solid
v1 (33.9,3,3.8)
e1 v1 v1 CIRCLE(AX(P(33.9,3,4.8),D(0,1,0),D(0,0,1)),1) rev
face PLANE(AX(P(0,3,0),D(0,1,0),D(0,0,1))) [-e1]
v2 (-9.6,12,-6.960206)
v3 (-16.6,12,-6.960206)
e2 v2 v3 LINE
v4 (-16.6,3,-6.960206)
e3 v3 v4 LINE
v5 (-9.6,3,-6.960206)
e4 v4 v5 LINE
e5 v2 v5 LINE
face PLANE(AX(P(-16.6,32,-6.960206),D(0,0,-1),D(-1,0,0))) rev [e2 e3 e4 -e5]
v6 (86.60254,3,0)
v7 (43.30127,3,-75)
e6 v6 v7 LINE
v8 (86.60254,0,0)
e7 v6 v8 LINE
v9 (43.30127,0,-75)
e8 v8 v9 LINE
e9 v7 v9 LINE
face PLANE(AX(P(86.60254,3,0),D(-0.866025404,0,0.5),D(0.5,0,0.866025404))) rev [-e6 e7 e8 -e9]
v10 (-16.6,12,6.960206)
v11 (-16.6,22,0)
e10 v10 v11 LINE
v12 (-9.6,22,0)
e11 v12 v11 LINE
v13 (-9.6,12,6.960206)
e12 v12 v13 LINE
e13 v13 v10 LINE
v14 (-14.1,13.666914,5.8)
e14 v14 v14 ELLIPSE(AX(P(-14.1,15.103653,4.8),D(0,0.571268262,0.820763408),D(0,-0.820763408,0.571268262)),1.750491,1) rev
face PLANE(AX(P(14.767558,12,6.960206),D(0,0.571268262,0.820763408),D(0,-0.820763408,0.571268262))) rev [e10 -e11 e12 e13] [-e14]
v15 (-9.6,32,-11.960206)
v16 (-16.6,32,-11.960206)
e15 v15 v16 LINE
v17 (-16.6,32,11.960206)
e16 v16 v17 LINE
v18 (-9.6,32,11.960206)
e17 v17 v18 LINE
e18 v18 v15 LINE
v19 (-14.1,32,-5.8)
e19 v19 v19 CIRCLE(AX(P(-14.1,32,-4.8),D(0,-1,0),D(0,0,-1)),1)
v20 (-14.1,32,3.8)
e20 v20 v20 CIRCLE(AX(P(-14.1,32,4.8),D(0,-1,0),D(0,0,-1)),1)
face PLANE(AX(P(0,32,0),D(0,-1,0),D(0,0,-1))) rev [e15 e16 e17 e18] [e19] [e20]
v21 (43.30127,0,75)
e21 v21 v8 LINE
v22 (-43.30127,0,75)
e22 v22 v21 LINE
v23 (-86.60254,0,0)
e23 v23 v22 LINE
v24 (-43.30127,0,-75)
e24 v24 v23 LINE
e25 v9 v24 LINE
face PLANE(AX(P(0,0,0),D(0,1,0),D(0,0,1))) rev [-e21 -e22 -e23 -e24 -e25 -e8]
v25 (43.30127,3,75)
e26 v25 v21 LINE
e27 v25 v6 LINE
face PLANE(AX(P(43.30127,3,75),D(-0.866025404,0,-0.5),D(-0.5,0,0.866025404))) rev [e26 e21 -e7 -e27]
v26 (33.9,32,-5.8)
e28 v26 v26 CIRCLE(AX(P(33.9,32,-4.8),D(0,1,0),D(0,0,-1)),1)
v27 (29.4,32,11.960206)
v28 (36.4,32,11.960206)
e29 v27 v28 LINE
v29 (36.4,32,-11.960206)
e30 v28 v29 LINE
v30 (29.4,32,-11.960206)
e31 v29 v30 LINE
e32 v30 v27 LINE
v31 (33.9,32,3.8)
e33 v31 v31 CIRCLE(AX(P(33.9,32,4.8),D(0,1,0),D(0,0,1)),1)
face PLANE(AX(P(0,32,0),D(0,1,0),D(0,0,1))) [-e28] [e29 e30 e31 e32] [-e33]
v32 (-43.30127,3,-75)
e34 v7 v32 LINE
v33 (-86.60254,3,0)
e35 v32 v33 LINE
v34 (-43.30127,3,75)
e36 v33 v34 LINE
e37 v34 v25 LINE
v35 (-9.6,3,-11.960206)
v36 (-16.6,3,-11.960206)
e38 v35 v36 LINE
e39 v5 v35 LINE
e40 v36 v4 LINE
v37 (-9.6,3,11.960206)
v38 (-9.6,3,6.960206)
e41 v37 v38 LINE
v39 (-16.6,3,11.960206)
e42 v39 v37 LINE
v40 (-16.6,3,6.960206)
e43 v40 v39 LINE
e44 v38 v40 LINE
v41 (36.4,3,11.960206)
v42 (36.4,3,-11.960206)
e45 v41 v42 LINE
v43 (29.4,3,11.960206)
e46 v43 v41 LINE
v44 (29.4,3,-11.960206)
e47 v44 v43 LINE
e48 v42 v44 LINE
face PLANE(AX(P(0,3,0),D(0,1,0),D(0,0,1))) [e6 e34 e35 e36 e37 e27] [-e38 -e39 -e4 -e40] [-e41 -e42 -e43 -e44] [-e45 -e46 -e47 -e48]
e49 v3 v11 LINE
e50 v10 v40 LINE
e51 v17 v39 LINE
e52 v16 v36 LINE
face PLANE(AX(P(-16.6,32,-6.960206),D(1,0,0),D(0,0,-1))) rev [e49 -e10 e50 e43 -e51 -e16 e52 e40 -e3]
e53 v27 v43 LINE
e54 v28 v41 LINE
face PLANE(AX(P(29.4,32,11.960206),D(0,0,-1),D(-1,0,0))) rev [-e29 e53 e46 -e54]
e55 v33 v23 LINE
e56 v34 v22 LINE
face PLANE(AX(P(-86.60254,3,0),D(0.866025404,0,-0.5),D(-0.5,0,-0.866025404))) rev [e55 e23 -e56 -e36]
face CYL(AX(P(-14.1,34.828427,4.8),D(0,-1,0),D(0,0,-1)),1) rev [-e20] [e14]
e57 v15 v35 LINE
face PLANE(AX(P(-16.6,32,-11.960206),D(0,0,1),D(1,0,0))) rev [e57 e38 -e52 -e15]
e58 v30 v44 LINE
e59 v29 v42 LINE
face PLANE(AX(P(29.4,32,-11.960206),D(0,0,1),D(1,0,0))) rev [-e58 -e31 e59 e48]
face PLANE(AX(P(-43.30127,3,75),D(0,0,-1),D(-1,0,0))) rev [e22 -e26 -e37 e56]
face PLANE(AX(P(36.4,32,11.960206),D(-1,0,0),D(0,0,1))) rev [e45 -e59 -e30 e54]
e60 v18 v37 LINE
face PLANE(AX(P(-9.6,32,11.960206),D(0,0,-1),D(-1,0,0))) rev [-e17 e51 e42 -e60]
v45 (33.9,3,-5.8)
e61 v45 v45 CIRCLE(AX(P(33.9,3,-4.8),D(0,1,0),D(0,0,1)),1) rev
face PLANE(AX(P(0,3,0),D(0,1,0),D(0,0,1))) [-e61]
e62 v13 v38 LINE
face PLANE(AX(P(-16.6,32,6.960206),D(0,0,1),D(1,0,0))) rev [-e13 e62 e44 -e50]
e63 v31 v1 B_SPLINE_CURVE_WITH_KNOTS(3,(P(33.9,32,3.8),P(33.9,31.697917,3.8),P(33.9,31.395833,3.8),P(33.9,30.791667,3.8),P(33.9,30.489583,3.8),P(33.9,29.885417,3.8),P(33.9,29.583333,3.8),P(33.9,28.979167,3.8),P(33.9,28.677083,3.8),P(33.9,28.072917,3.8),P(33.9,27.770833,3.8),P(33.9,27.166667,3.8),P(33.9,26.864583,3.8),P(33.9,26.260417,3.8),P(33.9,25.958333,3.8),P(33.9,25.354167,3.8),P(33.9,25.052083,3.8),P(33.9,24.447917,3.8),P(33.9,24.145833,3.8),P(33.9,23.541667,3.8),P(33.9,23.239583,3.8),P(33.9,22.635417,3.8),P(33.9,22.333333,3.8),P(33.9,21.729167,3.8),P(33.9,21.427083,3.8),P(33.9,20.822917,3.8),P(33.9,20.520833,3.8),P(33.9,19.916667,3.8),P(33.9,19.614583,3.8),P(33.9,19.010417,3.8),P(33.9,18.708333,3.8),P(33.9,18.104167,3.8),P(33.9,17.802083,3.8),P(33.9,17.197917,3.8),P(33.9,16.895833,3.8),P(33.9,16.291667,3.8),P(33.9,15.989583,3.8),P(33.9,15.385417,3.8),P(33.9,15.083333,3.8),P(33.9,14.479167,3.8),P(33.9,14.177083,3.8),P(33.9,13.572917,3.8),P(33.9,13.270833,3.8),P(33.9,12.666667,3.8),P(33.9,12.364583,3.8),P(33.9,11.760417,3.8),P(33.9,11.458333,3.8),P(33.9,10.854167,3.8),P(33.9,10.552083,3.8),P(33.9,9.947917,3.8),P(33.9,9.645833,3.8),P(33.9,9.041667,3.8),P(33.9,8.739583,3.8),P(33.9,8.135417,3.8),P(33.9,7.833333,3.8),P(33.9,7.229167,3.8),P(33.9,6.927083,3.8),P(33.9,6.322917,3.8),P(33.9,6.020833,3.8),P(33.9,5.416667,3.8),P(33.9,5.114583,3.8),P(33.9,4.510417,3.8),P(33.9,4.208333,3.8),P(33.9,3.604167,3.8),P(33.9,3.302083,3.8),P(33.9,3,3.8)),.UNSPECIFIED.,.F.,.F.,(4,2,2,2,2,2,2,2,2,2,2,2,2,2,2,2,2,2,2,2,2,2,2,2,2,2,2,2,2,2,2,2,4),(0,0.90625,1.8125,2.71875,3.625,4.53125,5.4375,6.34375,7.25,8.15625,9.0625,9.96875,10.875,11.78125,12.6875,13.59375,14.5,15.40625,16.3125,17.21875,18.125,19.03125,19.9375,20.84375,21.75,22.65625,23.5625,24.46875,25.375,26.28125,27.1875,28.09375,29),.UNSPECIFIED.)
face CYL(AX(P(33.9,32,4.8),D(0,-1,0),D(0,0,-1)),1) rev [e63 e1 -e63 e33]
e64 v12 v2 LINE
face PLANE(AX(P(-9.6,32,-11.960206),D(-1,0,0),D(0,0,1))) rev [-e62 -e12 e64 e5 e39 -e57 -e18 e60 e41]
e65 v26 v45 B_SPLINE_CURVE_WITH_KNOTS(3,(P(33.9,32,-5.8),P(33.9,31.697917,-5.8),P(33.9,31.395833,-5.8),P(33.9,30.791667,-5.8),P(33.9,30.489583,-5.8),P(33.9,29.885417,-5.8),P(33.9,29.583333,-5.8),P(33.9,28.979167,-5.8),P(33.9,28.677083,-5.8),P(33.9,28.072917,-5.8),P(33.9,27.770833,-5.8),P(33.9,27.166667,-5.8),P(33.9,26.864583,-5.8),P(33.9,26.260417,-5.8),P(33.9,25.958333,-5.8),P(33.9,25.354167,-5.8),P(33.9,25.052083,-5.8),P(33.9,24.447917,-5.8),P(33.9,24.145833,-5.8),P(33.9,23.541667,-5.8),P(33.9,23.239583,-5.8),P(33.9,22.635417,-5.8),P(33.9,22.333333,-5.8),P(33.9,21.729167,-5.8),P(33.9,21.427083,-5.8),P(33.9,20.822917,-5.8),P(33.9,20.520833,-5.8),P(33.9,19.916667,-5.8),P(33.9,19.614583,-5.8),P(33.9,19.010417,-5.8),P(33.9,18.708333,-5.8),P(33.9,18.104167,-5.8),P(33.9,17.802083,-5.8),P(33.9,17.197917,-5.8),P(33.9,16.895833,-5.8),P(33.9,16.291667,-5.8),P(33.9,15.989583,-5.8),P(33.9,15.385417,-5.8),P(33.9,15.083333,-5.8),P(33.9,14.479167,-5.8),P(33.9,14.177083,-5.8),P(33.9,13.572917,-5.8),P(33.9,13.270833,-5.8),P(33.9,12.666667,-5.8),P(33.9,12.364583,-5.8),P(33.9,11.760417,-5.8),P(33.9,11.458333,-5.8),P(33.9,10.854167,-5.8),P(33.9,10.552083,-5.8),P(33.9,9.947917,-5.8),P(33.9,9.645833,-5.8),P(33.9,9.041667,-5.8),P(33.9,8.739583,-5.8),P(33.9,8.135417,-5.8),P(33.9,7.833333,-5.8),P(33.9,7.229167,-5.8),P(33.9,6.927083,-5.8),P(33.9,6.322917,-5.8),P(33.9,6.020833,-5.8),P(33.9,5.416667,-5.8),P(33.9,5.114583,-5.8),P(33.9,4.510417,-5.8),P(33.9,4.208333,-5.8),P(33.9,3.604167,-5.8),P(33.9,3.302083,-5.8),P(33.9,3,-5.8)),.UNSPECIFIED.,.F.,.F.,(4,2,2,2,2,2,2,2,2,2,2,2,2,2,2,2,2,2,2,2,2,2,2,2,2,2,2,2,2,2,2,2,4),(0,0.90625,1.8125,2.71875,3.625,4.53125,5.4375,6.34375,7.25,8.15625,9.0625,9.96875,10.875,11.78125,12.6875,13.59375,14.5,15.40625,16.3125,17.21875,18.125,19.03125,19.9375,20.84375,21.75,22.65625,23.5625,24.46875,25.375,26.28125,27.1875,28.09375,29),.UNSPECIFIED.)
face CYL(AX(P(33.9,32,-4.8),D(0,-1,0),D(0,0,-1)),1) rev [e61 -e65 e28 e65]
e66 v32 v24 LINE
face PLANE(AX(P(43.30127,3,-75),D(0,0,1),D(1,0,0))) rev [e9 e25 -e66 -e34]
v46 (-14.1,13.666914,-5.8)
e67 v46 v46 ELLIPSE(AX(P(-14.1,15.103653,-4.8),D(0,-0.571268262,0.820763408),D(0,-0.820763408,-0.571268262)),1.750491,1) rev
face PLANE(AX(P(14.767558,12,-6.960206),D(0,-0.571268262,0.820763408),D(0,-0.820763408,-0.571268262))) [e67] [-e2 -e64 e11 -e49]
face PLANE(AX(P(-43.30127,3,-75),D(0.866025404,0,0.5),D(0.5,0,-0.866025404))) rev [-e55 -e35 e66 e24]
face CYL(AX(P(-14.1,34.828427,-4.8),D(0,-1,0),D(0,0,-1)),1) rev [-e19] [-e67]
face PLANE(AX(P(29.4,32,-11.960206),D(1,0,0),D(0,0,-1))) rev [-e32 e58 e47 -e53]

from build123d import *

# Parameters (mm, degrees)
BOSS_EXTRUDE1_DEPTH = 3
SKETCH2_R           = 1
SKETCH2_W           = 7
SKETCH2_H           = 23.92041254
SKETCH2_H_2         = 5
BOSS_EXTRUDE4_DEPTH = 29
BOSS_EXTRUDE5_DEPTH = 7
SKETCH2_4_R         = 1
CUT_EXTRUDE1_DEPTH  = 29


with BuildPart() as part:
    # Sketch1 → Boss-Extrude1 (new body)
    with BuildSketch(Plane(origin=(0, 0, 0), x_dir=(1, 0, 0), z_dir=(0, 1, 0))):
        Polygon((86.602540378, 0), (43.301270189, 75), (-43.301270189, 75), (-86.602540378, 0), (-43.301270189, -75), (43.301270189, -75), align=None)
    extrude(amount=BOSS_EXTRUDE1_DEPTH)

    # Sketch2 → Boss-Extrude4 (add)
    # profile 1 of 5: a face of its own
    with BuildSketch(Plane(origin=(0, 3, 0), x_dir=(1, 0, 0), z_dir=(0, 1, 0))):
        with Locations(Location((-14.1, -4.8, 0), (0, 0, 90))):
            Circle(SKETCH2_R)
    # profile 2 of 5: a face of its own
    with BuildSketch(Plane(origin=(0, 3, 0), x_dir=(1, 0, 0), z_dir=(0, 1, 0))):
        with Locations(Location((-14.1, 4.8, 0), (0, 0, 90))):
            Circle(SKETCH2_R)
    # profile 3 of 5: a face of its own
    with BuildSketch(Plane(origin=(0, 3, 0), x_dir=(1, 0, 0), z_dir=(0, 1, 0))):
        with Locations((32.9, 0)):
            Rectangle(SKETCH2_W, SKETCH2_H)
        with Locations(Location((33.9, -4.8, 0), (0, 0, 90))):
            Circle(SKETCH2_R, mode=Mode.SUBTRACT)
        with Locations(Location((33.9, 4.8, 0), (0, 0, 90))):
            Circle(SKETCH2_R, mode=Mode.SUBTRACT)
    # profile 4 of 5: a face of its own
    with BuildSketch(Plane(origin=(0, 3, 0), x_dir=(1, 0, 0), z_dir=(0, 1, 0))):
        with Locations((-13.1, 9.46020627)):
            Rectangle(SKETCH2_W, SKETCH2_H_2)
    # profile 5 of 5: a face of its own
    with BuildSketch(Plane(origin=(0, 3, 0), x_dir=(1, 0, 0), z_dir=(0, 1, 0))):
        with Locations((-13.1, -9.46020627)):
            Rectangle(SKETCH2_W, SKETCH2_H_2)
    extrude(amount=BOSS_EXTRUDE4_DEPTH)

    # Sketch4 → Boss-Extrude5 (add)
    with BuildSketch(Plane.ZY.offset(16.6)):
        Polygon((-6.96020627, 12), (0, 22), (6.96020627, 12), (6.96020627, 32), (-6.96020627, 32), align=None)
    extrude(amount=-BOSS_EXTRUDE5_DEPTH)

    # Sketch2<4> → Cut-Extrude1 (cut)
    with BuildSketch(Plane(origin=(0, 3, 0), x_dir=(1, 0, 0), z_dir=(0, 1, 0))):
        with Locations(Location((-14.1, -4.8, 0), (0, 0, 90))):
            Circle(SKETCH2_4_R)
        with Locations(Location((-14.1, 4.8, 0), (0, 0, 90))):
            Circle(SKETCH2_4_R)
    extrude(amount=CUT_EXTRUDE1_DEPTH, mode=Mode.SUBTRACT)


solid = part.part
